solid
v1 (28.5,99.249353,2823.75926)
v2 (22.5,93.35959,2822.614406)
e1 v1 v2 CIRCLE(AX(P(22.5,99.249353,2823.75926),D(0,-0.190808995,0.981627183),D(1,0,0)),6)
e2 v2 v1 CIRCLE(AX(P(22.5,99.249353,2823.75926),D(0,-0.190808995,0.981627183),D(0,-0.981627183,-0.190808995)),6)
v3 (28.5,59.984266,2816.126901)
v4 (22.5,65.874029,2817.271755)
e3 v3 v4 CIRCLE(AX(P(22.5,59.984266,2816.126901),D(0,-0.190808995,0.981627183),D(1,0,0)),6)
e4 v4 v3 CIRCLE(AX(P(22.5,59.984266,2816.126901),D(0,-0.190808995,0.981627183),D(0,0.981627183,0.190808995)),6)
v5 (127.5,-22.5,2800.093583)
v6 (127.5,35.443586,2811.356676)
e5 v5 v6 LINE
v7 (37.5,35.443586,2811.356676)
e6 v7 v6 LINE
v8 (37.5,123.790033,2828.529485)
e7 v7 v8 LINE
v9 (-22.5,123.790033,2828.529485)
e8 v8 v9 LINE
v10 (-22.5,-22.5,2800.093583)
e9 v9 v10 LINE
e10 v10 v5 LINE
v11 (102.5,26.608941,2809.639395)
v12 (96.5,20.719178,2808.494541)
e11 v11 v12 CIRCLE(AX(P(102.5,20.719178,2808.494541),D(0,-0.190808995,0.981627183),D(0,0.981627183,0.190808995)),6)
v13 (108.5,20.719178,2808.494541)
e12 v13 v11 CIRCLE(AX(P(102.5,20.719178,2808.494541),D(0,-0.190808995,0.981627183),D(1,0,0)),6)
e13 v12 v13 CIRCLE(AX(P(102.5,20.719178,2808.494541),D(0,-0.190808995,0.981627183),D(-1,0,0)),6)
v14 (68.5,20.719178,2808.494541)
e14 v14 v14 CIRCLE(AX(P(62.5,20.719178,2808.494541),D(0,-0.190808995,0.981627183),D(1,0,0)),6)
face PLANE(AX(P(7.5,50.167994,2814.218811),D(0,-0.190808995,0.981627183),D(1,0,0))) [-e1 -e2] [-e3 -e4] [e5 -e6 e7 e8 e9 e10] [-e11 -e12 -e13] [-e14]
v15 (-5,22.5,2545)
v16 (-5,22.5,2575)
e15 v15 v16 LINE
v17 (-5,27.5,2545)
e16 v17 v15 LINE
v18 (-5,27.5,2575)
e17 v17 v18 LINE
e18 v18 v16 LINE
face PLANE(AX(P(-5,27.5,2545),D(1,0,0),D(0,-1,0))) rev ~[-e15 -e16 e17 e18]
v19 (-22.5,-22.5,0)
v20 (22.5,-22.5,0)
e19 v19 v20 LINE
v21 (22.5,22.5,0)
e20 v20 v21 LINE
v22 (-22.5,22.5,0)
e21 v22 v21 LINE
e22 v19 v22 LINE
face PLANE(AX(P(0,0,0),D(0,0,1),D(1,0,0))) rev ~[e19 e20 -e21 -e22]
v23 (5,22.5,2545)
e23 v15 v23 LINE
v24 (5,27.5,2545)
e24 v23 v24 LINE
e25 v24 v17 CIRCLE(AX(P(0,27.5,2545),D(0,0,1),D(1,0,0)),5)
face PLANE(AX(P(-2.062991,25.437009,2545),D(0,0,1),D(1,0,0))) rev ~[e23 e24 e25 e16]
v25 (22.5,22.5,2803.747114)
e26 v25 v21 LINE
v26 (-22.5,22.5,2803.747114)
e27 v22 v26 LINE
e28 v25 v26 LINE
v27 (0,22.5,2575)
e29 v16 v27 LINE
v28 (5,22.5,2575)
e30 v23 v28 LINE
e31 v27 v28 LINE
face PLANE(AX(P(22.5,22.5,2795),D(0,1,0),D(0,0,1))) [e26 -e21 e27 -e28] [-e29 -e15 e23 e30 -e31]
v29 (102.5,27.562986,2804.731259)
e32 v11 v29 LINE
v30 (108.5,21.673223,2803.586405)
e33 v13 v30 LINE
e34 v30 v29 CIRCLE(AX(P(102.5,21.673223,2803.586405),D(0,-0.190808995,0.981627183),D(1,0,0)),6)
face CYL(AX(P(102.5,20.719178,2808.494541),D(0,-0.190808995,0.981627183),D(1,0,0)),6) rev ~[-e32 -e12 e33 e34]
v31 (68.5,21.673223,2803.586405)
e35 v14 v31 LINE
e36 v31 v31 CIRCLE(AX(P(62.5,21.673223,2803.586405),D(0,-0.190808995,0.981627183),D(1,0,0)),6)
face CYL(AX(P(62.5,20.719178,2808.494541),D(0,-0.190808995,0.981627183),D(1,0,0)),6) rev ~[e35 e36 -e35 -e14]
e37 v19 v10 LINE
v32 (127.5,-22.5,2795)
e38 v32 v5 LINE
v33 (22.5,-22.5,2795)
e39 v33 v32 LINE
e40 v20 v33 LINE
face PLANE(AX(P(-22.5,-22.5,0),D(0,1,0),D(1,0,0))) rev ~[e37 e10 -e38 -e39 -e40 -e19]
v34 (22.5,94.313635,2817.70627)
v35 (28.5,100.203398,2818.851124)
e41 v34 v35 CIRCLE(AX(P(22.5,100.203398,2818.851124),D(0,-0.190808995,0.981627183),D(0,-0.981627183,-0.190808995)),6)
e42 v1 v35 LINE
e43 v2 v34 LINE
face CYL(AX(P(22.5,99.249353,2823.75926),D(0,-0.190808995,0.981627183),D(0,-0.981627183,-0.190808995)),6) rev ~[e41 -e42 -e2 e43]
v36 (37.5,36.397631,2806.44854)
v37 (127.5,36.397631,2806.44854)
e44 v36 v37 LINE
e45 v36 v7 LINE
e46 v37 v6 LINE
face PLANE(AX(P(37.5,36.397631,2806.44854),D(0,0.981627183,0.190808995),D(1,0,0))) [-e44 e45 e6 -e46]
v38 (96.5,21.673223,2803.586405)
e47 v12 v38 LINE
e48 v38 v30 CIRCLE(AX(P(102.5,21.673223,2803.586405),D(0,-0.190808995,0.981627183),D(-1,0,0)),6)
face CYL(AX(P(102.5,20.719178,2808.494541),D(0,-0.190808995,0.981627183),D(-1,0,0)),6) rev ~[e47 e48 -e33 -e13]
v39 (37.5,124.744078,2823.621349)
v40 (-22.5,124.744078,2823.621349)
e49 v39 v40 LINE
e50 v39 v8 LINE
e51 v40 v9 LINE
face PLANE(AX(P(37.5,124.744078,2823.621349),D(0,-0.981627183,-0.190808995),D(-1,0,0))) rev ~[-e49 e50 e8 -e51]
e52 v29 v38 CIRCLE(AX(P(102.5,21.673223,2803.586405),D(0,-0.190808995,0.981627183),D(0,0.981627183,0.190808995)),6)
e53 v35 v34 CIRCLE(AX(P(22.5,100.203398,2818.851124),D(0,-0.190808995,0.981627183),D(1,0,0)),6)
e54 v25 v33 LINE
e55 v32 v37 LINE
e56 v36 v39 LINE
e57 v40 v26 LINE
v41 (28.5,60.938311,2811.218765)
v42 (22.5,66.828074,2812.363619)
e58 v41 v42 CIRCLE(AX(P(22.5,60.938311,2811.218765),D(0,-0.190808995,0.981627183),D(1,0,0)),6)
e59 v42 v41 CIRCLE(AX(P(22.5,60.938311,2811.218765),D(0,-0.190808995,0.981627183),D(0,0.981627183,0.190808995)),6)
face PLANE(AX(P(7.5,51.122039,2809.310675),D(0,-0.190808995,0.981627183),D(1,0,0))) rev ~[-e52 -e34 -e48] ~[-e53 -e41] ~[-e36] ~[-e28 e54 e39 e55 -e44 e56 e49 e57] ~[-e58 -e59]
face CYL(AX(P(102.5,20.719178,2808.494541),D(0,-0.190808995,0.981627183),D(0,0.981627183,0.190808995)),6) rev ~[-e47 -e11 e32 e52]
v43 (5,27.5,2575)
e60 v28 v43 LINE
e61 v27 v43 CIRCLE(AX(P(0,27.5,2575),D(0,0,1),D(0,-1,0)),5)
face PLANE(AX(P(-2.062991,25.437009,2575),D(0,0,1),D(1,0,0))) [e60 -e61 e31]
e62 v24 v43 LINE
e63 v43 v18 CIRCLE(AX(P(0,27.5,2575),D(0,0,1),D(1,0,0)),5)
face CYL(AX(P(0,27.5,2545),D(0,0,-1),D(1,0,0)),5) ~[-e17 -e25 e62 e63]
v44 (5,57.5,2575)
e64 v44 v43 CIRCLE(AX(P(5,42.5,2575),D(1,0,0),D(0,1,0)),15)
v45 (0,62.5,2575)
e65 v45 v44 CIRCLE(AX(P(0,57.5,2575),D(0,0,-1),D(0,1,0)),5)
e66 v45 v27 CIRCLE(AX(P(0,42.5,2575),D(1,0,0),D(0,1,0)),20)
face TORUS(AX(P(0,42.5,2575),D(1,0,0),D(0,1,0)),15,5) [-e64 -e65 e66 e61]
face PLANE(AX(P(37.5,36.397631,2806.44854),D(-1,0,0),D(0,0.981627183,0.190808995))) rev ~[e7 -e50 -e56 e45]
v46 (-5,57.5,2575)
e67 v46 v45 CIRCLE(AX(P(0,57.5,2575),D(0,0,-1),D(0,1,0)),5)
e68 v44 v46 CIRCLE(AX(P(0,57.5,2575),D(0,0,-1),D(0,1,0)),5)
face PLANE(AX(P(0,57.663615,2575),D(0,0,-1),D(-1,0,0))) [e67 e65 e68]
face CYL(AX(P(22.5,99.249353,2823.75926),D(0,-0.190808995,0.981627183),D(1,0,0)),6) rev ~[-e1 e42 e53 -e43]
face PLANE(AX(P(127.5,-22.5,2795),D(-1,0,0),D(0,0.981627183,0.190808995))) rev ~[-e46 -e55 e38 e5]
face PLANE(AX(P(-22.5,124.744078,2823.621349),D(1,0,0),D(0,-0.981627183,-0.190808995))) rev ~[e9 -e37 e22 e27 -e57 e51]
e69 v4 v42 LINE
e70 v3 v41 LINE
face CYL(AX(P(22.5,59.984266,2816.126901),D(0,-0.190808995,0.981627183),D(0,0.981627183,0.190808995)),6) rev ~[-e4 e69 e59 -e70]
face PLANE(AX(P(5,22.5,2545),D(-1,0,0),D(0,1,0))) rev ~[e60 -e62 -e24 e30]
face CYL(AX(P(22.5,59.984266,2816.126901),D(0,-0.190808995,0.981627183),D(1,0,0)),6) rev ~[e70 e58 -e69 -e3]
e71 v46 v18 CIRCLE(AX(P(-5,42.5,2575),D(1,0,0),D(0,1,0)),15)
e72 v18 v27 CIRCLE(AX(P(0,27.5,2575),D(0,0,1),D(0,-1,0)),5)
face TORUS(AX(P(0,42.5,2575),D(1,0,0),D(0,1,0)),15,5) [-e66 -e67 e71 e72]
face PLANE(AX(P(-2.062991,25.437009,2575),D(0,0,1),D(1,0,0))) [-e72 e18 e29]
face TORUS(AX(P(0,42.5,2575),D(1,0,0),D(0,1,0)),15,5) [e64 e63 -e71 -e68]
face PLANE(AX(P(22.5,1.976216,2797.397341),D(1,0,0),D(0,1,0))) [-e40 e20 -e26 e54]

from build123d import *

# Parameters (mm, degrees)
F0_W      = 45
F0_H      = 45
F1_DEPTH  = 2795
F3_W      = 90
F3_H      = 60
F4_DEPTH  = 5
F6_DEPTH  = 45
F8_W      = 2.7798460424
F8_H      = 5.7082939148
F9_DEPTH  = 150
F10_R     = 6
F11_DEPTH = 5
F15_DEPTH = 30


with BuildPart() as f1:
    # F0 (on Top) → F1 (new body)
    with BuildSketch(Plane.XY):
        Rectangle(F0_W, F0_H)
    extrude(amount=F1_DEPTH)


with BuildPart() as f4:
    # F3 (on face) → F4 (new body)
    with BuildSketch(Plane(origin=(0, -524.3318959349, 2697.453760933), x_dir=(1, 0, 0), z_dir=(0, -0.1908089954, 0.9816271834))):
        Polygon((-22.5, 661.2245304499), (-22.5, 511.2245304499), (37.5, 511.2245304499), (37.5, 571.2245304499), (37.5, 661.2245304499), align=None)
        with Locations((82.5, 541.2245304499)):
            Rectangle(F3_W, F3_H)
    extrude(amount=F4_DEPTH)


with BuildPart() as f6:
    # F5 (on face) → F6 (new body)
    with BuildSketch(Plane.YZ.offset(22.5)):
        Polygon((-22.5, 2795), (22.5, 2795), (22.5, 2803.7471139112), align=None)
    extrude(amount=-F6_DEPTH)


with BuildPart() as f1_1:
    add(f1.part)

    # F7: union F6, F4
    add(f6.part)
    add(f4.part)

    # F8 (on face) → F9 (cut, through all)
    with BuildSketch(Plane(origin=(-22.5, 0, 0), x_dir=(0, -1, 0), z_dir=(-1, 0, 0))):
        with Locations((23.8899230212, 2797.8541469574)):
            Rectangle(F8_W, F8_H)
    extrude(amount=-F9_DEPTH, mode=Mode.SUBTRACT)

    # F10 (on face) → F11 (cut, through all)
    with BuildSketch(Plane(origin=(0, -525.2859409117, 2702.3618968503), x_dir=(1, 0, 0), z_dir=(0, -0.1908089954, 0.9816271834))):
        with BuildLine():
            ThreePointArc((108.5, 556.2245304499), (106.7426406871, 560.467171137), (102.5, 562.2245304499))
            Line((102.5, 562.2245304499), (102.5, 556.2245304499))
            Line((102.5, 556.2245304499), (96.5, 556.2245304499))
            ThreePointArc((96.5, 556.2245304499), (102.5, 550.2245304499), (108.5, 556.2245304499))
        make_face()
        with Locations((62.5, 556.2245304499)):
            Circle(F10_R)
        with BuildLine():
            Line((102.5, 556.2245304499), (102.5, 562.2245304499))
            ThreePointArc((102.5, 562.2245304499), (98.2573593129, 560.467171137), (96.5, 556.2245304499))
            Line((96.5, 556.2245304499), (102.5, 556.2245304499))
        make_face()
        with BuildLine():
            ThreePointArc((22.5, 630.2245304499), (26.7426406871, 631.9818897628), (28.5, 636.2245304499))
            Line((28.5, 636.2245304499), (22.5, 636.2245304499))
            Line((22.5, 636.2245304499), (22.5, 630.2245304499))
        make_face()
        with BuildLine():
            Line((22.5, 636.2245304499), (28.5, 636.2245304499))
            ThreePointArc((28.5, 636.2245304499), (18.2573593129, 640.467171137), (22.5, 630.2245304499))
            Line((22.5, 630.2245304499), (22.5, 636.2245304499))
        make_face()
        with BuildLine():
            ThreePointArc((28.5, 596.2245304499), (26.7426406871, 600.467171137), (22.5, 602.2245304499))
            ThreePointArc((22.5, 602.2245304499), (18.2573593129, 591.9818897628), (28.5, 596.2245304499))
        make_face()
    extrude(amount=-F11_DEPTH, mode=Mode.SUBTRACT)

    # F13 (on offset) → F15 (join)
    with BuildSketch(Plane.XY.offset(2545)):
        with BuildLine():
            ThreePointArc((-5, 27.5), (-3.5355339059, 23.9644660941), (0, 22.5))
            Line((0, 22.5), (0, 27.5))
            Line((0, 27.5), (-5, 27.5))
        make_face()
        with BuildLine():
            Line((-5, 22.5), (0, 22.5))
            ThreePointArc((0, 22.5), (-3.5355339059, 23.9644660941), (-5, 27.5))
            Line((-5, 27.5), (-5, 22.5))
        make_face()
        with BuildLine():
            Line((0, 27.5), (0, 22.5))
            ThreePointArc((0, 22.5), (3.5355339059, 23.9644660941), (5, 27.5))
            Line((5, 27.5), (0, 27.5))
        make_face()
        with BuildLine():
            ThreePointArc((5, 27.5), (3.5355339059, 23.9644660941), (0, 22.5))
            Line((0, 22.5), (5, 22.5))
            Line((5, 22.5), (5, 27.5))
        make_face()
        with BuildLine():
            Line((-5, 27.5), (0, 27.5))
            Line((0, 27.5), (5, 27.5))
            ThreePointArc((5, 27.5), (0, 32.5), (-5, 27.5))
        make_face()
    extrude(amount=F15_DEPTH)

    # F17: sweep along a path in F14
    with BuildLine(Plane.YZ) as f17_path:
        ThreePointArc((57.5, 2575), (42.5, 2590), (27.5, 2575))
    # F16 (on face) → F17 (sweep)
    with BuildSketch(Plane.XY.offset(2575)):
        with BuildLine():
            ThreePointArc((0, 22.5), (3.5355339059, 23.9644660941), (5, 27.5))
            ThreePointArc((5, 27.5), (0, 32.5), (-5, 27.5))
            ThreePointArc((-5, 27.5), (-3.5355339059, 23.9644660941), (0, 22.5))
        make_face()
    sweep(path=f17_path.line)


solid = f1_1.part
